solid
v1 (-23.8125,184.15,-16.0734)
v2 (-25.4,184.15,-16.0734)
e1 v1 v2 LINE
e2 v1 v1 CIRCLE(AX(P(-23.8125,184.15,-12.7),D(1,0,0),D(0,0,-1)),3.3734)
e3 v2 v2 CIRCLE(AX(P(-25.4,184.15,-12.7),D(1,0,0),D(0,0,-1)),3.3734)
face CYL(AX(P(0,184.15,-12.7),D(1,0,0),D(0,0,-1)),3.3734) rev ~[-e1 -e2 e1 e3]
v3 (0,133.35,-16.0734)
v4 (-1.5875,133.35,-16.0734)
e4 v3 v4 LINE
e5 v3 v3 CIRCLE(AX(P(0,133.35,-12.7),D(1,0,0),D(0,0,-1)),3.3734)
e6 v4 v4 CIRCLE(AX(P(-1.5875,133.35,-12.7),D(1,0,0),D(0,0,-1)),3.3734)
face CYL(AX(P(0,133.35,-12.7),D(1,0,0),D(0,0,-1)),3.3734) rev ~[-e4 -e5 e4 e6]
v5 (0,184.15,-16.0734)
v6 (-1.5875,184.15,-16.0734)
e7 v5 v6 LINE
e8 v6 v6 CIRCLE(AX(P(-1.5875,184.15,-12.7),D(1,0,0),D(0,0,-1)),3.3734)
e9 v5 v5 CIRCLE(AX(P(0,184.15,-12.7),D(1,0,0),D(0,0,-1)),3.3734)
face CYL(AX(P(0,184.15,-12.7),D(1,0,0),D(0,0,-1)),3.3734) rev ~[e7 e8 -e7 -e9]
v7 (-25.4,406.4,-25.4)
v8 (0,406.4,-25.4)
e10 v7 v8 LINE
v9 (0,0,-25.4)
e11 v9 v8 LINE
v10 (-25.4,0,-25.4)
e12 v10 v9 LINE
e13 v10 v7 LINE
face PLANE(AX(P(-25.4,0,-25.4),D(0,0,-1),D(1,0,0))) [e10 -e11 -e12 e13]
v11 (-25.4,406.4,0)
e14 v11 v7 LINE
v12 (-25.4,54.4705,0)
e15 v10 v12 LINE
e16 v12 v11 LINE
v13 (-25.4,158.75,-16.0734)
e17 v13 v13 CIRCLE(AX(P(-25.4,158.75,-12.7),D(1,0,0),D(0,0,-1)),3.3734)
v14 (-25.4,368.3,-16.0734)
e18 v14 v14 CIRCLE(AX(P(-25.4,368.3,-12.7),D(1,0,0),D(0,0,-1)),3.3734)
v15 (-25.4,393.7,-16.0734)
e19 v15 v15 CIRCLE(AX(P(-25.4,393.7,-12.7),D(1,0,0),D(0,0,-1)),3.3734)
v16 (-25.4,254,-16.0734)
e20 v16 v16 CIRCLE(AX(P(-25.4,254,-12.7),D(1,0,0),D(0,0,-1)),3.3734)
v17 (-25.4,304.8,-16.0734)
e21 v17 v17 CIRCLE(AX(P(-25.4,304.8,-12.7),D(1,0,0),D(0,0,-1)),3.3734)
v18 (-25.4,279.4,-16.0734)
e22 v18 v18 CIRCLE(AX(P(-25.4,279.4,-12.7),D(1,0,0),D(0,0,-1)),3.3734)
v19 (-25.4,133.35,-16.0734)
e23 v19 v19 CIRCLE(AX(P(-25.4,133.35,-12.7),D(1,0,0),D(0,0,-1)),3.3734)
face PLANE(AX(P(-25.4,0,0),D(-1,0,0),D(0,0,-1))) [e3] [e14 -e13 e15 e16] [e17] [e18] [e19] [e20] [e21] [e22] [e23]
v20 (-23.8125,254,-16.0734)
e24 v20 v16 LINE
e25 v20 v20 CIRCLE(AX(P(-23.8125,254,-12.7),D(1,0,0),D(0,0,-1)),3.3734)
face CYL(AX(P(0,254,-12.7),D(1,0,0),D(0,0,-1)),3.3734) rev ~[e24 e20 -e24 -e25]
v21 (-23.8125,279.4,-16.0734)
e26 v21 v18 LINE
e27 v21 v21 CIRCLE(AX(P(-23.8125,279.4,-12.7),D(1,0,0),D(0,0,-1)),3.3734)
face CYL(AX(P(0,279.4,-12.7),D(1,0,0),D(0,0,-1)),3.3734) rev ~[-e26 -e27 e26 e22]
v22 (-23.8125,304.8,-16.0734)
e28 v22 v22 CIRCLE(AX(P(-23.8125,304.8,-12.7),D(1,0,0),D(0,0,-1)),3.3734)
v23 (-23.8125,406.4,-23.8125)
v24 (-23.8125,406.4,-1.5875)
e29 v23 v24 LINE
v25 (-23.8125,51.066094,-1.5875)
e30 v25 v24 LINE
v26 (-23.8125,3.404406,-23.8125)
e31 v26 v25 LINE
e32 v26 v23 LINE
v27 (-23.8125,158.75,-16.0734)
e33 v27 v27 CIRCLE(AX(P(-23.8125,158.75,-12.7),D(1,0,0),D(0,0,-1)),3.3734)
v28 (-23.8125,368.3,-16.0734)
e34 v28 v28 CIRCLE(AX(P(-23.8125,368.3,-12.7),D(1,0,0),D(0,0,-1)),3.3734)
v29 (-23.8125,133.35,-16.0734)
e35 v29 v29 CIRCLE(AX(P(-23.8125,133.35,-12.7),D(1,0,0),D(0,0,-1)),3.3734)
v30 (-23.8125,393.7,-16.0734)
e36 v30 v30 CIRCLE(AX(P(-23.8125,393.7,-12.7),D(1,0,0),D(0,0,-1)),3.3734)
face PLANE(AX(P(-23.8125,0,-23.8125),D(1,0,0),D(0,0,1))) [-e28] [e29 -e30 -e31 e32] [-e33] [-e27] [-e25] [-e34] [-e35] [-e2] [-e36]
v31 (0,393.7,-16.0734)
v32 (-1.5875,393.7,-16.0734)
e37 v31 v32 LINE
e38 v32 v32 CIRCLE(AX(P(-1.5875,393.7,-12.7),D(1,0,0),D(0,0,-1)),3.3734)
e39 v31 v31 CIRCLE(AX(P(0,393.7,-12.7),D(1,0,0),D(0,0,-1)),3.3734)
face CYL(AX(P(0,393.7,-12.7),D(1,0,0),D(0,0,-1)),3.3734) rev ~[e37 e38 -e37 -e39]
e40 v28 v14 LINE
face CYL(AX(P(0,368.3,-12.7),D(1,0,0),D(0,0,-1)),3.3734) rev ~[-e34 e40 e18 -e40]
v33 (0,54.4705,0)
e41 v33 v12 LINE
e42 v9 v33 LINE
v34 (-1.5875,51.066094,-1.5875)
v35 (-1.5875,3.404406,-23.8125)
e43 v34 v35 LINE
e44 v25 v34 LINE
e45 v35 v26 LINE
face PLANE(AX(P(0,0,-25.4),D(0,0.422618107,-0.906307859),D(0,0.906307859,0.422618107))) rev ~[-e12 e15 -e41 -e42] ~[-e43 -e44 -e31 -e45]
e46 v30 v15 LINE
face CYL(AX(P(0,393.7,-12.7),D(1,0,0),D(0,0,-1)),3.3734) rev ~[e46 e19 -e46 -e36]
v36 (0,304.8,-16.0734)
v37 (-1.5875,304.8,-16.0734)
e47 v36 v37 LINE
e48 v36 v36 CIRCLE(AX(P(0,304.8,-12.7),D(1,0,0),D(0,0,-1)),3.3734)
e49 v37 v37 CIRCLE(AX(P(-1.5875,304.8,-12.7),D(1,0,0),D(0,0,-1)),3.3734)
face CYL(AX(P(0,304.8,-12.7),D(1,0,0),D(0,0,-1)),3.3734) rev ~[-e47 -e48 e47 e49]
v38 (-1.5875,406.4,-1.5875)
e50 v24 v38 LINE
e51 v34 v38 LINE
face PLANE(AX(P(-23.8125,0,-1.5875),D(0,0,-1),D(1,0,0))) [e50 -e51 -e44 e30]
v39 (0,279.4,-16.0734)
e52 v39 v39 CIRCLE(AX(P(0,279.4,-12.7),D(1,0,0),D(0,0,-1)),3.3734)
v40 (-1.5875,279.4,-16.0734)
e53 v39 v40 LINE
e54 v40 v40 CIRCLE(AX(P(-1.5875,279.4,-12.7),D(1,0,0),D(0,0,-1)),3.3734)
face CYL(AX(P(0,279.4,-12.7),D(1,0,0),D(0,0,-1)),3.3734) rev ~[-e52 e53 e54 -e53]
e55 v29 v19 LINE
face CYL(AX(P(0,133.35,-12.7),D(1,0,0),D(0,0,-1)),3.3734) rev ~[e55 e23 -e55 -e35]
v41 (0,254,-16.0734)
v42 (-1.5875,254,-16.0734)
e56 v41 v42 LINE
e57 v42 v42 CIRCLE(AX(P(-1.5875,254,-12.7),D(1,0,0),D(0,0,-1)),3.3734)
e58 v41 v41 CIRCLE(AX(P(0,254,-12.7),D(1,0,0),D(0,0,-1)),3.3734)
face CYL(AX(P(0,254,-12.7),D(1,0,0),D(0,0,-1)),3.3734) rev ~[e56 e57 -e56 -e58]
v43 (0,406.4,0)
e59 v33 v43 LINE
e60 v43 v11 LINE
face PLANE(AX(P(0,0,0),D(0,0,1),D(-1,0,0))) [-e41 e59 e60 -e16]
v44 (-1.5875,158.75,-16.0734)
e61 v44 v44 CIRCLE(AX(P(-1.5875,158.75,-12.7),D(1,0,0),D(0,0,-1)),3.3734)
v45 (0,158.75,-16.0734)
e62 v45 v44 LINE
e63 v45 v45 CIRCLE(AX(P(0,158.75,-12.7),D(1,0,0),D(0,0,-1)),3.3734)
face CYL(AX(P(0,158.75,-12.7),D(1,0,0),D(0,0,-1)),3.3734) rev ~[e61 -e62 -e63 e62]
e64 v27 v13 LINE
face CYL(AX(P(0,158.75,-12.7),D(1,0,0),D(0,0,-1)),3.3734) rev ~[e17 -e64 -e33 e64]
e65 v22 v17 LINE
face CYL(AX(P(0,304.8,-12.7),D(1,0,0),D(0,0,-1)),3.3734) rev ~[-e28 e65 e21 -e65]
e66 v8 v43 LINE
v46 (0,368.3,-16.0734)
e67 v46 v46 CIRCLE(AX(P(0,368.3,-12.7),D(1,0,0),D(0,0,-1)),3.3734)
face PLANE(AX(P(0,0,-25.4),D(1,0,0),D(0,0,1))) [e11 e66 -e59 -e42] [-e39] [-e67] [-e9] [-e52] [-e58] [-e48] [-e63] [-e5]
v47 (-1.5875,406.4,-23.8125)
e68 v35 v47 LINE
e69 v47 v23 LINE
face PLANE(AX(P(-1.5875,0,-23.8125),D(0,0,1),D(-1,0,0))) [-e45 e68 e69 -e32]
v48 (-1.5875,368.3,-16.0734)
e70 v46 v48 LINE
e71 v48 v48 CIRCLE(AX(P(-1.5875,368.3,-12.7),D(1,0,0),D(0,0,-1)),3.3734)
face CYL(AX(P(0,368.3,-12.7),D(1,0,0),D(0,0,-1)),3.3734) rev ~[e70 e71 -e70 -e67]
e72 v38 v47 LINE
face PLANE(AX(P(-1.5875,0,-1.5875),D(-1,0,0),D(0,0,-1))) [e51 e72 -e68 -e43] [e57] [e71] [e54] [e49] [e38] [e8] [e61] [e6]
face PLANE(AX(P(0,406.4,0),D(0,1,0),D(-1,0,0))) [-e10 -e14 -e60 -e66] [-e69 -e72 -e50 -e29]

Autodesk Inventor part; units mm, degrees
ref_plane "YZ Plane" through (0, 0, 0) normal (1, 0, 0) x (0, 1, 0)
ref_plane "XZ Plane" through (0, 0, 0) normal (0, 1, 0) x (-1, 0, 0)
ref_plane "XY Plane" through (0, 0, 0) normal (0, 0, 1) x (1, 0, 0)
sketch "Sketch1" plane through (0, 0, 0) normal (0, 1, 0) x (-1, 0, 0)
  line L0 (0, 0) -> (25.4, 0)
  line L1 (25.4, 0) -> (25.4, -25.4)
  line L2 (25.4, -25.4) -> (0, -25.4)
  line L3 (0, -25.4) -> (0, 0)
  line L4 (1.5875, -23.8125) -> (23.8125, -23.8125)
  line L5 (23.8125, -23.8125) -> (23.8125, -1.5875)
  line L6 (23.8125, -1.5875) -> (1.5875, -1.5875)
  line L7 (1.5875, -1.5875) -> (1.5875, -23.8125)
  dimension "d0" = 25.4
  dimension "d1" = 25.4
  dimension "d2" = 1.5875
extrude "Extrusion1" add sketch "Sketch1" along normal blind 406.4
sketch "Sketch2" plane through (0, 0, 0) normal (1, 0, 0) x (0, 0, -1)
  line L0 (25.4, 0) -> (25.4, 406.4) projected
  line L1 (25.4, 0) -> (0, 54.4705)
  line L2 (0, 0) -> (0, 406.4) projected
  line L3 (0, 54.4705) -> (0, 0)
  line L4 (0, 0) -> (25.4, 0)
  dimension "d5" = 25
extrude "Extrusion2" cut sketch "Sketch2" against normal blind 25.4
sketch "Sketch3" plane through (0, 406.4, 0) normal (1, 0, 0) x (0, 0, -1)
  circle A0 centre (12.7, -12.7) radius 3.3734
  line L0 (0, 0) -> (25.4, 0) projected
  line L1 (0, -351.9295) -> (0, 0) projected
  circle A1 centre (12.7, -38.1) radius 3.3734
  point P0 (0, -406.4)
  dimension "d8" = 6.7469
  dimension "d9" = 12.7
  dimension "d10" = 12.7
  dimension "d11" = 6.7469
  dimension "d12" = 12.7
  dimension "d13" = 38.1
extrude "Extrusion3" cut sketch "Sketch3" against normal blind 25.4
sketch "Sketch4" plane through (0, 406.4, 0) normal (1, 0, 0) x (0, 0, -1)
  circle A0 centre (12.7, -152.4) radius 3.3734
  line L0 (0, 0) -> (25.4, 0) projected
  circle A1 centre (12.7, -127) radius 3.3734
  circle A2 centre (12.7, -101.6) radius 3.3734
  line L1 (0, -351.9295) -> (0, 0) projected
  circle A3 centre (12.7, -247.65) radius 3.3734
  circle A4 centre (12.7, -222.25) radius 3.3734
  circle A5 centre (12.7, -273.05) radius 3.3734
  line L2 (12.7, -273.05) -> (12.7, -222.25) construction
  line L3 (25.4, -406.4) -> (25.4, 0) construction
  point P0 (0, -406.4)
  dimension "d16" = 6.7469
  dimension "d17" = 152.4
  dimension "d18" = 6.7469
  dimension "d19" = 25.4
  dimension "d20" = 6.7469
  dimension "d21" = 12.7
  dimension "d22" = 12.7
  dimension "d23" = 12.7
  dimension "d24" = 25.4
  dimension "d25" = 6.7469
  dimension "d26" = 25.4
  dimension "d27" = 25.4
  dimension "d28" = 12.7
  dimension "d30" = 273.05
extrude "Extrusion4" cut sketch "Sketch4" against normal blind 25.4
sketch "Sketch5" plane through (-25.4, 406.4, -25.4) normal (-1, 0, 0) x (0, 0, 1)
  line L0 (25.4, -351.9295) -> (25.4, 0) projected
  line L1 (0, -406.4) -> (0, 0) projected
  point P0 (25.4, -406.4)
  point P1 (0, -351.9295)
properties part number "top" material "Aluminum 6061"
